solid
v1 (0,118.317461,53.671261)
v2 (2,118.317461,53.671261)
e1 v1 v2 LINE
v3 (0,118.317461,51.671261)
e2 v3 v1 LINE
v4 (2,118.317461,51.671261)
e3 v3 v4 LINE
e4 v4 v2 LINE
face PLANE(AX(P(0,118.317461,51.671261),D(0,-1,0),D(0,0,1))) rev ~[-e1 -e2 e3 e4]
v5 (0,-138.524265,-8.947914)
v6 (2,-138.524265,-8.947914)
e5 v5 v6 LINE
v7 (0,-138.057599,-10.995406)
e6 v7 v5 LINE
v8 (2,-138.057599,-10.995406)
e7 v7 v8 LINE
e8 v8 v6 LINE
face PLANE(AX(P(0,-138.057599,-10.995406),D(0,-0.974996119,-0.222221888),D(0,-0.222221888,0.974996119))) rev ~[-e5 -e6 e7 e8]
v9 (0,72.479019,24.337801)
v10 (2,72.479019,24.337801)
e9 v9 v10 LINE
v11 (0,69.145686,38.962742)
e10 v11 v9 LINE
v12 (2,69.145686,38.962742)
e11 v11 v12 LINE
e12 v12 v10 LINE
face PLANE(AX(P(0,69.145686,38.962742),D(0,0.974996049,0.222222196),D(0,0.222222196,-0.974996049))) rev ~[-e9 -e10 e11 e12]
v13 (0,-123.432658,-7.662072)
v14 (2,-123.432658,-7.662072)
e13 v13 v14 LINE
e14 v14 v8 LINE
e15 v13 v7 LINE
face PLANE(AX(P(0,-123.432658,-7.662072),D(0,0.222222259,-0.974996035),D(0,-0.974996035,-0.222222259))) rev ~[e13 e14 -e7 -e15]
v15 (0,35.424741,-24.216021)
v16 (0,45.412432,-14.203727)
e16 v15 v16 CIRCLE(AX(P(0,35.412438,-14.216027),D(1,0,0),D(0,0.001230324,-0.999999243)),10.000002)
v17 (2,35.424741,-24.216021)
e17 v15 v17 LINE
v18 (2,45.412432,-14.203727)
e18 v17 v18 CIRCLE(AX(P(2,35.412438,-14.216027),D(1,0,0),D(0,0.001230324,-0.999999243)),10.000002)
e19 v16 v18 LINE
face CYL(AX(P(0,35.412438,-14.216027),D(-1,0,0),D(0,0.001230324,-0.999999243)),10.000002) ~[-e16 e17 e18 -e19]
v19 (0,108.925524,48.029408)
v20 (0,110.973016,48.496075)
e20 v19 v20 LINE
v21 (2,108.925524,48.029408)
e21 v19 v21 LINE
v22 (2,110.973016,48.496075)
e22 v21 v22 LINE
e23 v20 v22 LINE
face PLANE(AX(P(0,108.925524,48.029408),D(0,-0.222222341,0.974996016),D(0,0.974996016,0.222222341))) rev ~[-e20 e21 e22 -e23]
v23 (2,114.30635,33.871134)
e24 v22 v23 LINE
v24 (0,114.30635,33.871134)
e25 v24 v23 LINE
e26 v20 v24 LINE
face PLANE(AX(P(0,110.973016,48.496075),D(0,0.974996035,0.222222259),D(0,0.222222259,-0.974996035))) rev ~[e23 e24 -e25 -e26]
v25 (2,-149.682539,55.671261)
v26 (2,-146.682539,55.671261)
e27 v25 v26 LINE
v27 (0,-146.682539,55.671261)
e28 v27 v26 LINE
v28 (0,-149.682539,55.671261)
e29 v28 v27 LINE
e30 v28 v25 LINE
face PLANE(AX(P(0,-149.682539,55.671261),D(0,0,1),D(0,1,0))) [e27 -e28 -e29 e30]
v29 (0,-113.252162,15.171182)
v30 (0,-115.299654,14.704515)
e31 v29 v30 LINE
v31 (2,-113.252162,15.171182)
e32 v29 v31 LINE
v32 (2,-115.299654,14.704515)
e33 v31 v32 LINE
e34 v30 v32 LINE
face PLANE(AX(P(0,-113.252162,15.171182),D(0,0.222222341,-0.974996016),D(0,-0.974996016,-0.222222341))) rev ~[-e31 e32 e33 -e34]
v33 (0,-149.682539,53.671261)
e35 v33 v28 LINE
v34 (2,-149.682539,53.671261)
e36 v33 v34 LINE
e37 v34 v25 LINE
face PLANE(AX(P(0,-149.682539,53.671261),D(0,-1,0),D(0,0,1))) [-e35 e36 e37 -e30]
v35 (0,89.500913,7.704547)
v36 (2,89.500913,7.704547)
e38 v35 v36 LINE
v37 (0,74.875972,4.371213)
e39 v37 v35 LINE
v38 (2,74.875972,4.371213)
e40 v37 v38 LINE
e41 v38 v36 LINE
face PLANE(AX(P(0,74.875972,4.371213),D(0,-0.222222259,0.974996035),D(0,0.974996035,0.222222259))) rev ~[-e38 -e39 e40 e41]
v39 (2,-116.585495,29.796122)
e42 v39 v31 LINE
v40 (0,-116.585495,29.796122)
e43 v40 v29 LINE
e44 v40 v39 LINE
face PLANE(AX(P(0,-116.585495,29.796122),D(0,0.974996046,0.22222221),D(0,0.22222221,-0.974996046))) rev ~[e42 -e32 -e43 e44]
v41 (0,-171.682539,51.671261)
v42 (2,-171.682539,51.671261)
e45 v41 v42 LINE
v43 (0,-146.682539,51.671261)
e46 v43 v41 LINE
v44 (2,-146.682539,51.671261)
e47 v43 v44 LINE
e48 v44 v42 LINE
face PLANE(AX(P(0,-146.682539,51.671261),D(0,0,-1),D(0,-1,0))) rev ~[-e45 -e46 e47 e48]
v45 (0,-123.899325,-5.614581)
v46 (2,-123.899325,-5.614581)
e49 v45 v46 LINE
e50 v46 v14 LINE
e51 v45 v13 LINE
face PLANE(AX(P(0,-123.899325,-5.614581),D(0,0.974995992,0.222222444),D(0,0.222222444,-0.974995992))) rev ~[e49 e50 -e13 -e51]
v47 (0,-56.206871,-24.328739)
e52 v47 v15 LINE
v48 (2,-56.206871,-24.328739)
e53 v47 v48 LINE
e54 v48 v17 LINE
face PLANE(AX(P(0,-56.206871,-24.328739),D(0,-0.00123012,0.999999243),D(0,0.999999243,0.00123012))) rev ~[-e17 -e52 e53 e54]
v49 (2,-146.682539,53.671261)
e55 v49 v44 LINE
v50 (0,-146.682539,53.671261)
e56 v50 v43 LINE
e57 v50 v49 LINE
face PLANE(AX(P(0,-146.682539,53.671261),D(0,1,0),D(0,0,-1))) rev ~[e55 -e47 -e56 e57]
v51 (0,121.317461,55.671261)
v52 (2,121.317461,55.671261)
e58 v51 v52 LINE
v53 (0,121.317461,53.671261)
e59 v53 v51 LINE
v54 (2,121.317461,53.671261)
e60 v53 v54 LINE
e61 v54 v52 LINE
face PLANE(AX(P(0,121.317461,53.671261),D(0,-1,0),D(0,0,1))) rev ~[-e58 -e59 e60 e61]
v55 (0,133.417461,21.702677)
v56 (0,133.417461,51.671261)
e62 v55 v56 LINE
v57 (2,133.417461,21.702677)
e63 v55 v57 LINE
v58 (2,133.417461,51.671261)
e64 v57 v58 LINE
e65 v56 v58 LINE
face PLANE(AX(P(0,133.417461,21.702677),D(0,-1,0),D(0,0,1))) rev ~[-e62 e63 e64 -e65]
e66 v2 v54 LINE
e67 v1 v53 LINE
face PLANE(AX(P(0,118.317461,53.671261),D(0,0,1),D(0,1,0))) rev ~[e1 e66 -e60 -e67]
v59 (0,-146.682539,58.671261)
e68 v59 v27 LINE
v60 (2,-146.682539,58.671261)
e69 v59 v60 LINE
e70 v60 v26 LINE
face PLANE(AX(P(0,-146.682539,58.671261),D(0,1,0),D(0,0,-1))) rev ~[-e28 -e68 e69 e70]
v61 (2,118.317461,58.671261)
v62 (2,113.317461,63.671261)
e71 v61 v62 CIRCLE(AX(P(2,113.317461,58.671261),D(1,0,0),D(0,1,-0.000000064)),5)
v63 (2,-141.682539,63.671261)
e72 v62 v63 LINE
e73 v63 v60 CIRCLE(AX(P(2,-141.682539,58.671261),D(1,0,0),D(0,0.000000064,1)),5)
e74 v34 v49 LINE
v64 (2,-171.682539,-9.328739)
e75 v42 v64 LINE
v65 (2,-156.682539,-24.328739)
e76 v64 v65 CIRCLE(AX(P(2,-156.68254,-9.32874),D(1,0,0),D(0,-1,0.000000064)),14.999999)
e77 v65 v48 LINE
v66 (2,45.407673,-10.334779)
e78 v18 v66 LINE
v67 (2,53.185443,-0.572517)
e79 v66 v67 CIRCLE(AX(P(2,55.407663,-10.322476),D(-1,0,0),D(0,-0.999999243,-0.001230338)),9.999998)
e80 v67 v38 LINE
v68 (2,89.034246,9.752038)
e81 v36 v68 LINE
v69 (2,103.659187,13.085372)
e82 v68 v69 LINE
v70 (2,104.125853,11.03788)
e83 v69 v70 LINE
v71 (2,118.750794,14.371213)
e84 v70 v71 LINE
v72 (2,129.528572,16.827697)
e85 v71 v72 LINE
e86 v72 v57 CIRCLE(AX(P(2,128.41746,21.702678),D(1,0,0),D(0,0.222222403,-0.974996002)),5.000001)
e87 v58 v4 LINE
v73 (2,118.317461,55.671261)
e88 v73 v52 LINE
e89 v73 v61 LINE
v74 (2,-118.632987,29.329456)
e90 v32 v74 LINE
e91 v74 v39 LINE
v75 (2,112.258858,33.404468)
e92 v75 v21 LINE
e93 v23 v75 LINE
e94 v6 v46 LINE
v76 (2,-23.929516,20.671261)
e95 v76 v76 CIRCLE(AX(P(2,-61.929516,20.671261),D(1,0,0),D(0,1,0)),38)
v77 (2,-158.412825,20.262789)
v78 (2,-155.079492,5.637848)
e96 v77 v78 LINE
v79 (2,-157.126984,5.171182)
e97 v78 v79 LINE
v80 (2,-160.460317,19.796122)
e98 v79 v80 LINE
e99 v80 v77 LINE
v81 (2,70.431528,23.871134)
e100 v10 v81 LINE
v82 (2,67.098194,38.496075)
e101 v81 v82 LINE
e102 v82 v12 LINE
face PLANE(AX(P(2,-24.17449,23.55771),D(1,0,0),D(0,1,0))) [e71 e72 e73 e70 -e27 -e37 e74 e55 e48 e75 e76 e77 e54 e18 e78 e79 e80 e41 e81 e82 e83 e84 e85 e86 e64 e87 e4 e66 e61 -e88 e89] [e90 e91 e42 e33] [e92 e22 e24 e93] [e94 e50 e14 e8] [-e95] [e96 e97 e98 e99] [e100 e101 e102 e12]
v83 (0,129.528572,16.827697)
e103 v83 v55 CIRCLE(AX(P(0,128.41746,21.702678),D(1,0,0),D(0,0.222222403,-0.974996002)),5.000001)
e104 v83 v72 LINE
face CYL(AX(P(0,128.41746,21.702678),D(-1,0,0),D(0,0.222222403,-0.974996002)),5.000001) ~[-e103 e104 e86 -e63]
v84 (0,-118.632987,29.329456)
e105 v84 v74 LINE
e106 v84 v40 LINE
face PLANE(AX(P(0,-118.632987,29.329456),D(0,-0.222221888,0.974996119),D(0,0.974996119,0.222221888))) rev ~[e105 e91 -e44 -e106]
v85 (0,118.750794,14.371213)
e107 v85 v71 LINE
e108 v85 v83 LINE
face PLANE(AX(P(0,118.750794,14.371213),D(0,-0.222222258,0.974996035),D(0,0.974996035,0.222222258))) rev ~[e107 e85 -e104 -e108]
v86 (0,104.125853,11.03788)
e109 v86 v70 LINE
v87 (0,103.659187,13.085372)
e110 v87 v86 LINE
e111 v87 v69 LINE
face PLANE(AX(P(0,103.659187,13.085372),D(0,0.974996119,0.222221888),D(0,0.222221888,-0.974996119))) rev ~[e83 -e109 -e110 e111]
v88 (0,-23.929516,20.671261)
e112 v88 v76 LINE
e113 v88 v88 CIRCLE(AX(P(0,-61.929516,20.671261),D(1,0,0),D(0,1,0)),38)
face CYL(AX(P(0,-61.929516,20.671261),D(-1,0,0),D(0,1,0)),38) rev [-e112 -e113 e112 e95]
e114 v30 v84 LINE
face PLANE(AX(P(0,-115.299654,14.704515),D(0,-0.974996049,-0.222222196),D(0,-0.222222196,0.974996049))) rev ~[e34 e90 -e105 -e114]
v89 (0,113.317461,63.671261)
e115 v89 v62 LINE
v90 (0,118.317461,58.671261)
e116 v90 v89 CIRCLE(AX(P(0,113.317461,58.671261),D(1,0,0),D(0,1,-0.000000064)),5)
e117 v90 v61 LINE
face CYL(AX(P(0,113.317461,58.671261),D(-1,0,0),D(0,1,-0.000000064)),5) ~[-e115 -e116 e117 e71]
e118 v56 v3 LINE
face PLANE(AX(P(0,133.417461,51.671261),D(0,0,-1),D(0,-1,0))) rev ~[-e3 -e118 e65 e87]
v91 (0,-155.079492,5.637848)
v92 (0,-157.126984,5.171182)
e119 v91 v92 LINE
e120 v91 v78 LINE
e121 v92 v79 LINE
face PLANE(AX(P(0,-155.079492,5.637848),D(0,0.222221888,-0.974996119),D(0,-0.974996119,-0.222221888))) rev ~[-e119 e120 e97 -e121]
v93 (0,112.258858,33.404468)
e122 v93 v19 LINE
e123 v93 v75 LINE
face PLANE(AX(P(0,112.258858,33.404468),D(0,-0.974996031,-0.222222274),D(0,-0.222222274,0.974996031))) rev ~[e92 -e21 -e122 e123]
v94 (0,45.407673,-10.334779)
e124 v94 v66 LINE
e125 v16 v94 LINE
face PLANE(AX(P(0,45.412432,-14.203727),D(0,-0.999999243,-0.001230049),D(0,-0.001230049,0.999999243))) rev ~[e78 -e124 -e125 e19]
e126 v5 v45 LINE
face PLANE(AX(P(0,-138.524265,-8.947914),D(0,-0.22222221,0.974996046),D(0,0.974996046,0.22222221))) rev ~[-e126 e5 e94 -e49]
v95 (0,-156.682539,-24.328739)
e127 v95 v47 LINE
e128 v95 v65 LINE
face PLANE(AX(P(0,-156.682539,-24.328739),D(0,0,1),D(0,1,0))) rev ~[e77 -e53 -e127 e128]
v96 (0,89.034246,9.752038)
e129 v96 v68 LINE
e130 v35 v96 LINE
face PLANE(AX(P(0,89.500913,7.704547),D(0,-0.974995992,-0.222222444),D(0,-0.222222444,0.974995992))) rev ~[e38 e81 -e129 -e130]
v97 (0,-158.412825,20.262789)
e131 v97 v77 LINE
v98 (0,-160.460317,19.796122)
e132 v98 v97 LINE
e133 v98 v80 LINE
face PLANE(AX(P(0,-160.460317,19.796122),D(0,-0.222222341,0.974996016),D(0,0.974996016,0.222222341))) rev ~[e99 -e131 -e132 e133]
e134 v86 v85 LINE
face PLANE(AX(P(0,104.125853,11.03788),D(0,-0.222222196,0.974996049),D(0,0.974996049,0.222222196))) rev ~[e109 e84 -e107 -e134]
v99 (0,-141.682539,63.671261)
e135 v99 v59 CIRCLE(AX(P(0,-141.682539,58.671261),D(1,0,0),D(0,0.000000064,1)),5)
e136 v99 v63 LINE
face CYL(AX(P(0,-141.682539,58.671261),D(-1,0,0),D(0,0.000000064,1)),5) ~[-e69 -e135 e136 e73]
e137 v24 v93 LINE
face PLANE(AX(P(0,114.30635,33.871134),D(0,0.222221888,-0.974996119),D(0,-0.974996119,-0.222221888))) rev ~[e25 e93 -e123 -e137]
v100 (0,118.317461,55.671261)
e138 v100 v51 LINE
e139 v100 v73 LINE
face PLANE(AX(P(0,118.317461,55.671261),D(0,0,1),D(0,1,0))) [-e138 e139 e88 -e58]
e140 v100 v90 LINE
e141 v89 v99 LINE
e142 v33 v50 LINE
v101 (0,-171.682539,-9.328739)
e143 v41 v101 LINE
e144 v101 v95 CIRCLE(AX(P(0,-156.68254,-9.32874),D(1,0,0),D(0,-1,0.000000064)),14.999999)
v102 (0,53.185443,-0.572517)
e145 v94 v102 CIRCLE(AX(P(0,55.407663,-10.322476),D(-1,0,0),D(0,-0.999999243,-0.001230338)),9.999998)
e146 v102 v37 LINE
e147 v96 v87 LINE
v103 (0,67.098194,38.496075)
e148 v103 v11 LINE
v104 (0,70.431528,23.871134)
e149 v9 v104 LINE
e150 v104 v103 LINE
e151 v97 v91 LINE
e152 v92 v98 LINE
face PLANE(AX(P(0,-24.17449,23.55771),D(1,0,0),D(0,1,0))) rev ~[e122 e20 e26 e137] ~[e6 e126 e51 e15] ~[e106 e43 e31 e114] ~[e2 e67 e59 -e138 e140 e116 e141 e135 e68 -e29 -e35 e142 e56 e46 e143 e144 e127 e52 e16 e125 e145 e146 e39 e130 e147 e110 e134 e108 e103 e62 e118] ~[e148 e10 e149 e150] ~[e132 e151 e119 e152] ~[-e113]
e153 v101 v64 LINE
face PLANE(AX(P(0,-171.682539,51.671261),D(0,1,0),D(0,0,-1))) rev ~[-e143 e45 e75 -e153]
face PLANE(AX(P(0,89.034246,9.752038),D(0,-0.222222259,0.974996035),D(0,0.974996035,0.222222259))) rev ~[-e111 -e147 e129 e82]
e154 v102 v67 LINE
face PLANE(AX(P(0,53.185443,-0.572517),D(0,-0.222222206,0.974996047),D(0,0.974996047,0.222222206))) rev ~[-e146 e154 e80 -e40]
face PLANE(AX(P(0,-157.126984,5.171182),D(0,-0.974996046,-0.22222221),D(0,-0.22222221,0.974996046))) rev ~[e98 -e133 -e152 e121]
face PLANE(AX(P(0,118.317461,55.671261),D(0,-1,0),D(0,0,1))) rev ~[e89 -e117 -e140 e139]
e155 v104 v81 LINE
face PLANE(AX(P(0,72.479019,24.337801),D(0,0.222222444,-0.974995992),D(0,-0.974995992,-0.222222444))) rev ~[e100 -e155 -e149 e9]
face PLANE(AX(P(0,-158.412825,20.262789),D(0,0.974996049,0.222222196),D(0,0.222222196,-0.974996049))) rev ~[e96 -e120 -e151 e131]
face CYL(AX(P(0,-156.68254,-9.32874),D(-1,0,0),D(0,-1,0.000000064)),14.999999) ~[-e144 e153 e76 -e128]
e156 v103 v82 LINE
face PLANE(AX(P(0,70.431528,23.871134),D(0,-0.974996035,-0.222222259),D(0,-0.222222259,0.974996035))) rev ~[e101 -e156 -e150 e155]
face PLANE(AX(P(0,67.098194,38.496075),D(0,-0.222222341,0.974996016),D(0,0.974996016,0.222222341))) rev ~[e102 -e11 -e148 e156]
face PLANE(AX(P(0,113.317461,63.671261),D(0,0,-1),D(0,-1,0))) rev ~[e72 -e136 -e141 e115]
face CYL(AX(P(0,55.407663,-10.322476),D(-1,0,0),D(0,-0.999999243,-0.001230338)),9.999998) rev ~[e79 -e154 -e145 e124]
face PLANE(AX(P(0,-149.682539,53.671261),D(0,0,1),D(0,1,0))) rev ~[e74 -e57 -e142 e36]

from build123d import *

# Parameters (mm, degrees)
F0_R     = 38
F0_W     = 3
F0_H     = 2
F1_DEPTH = 2


with BuildPart() as f1:
    # F0 (on Right) → F1 (new body)
    with BuildSketch(Plane.YZ):
        with BuildLine():
            Line((-146.682539, 58.671261), (-146.682539, 55.671261))
            Line((-146.682539, 55.671261), (-146.682539, 53.671261))
            Line((-146.682539, 53.671261), (-146.682539, 51.671261))
            Line((-146.682539, 51.671261), (-171.682539, 51.671261))
            Line((-171.682539, 51.671261), (-171.682539, -9.328739))
            ThreePointArc((-171.682539, -9.328739), (-167.289141, -19.935341), (-156.682539, -24.328739))
            Line((-156.682539, -24.328739), (-56.206871, -24.328739))
            Line((-56.206871, -24.328739), (35.424741, -24.216021))
            ThreePointArc((35.424741, -24.216021), (42.4922, -21.278392), (45.412432, -14.203727))
            Line((45.412432, -14.203727), (45.407673, -10.334779))
            ThreePointArc((45.407673, -10.334779), (47.586471, -4.091191), (53.185443, -0.572517))
            Line((53.185443, -0.572517), (74.875972, 4.371213))
            Line((74.875972, 4.371213), (89.500913, 7.704547))
            Line((89.500913, 7.704547), (89.034246, 9.752038))
            Line((89.034246, 9.752038), (103.659187, 13.085372))
            Line((103.659187, 13.085372), (104.125853, 11.03788))
            Line((104.125853, 11.03788), (118.750794, 14.371213))
            Line((118.750794, 14.371213), (129.528572, 16.827697))
            ThreePointArc((129.528572, 16.827697), (132.32614, 18.584629), (133.417461, 21.702677))
            Line((133.417461, 21.702677), (133.417461, 51.671261))
            Line((133.417461, 51.671261), (118.317461, 51.671261))
            Line((118.317461, 51.671261), (118.317461, 53.671261))
            Line((118.317461, 53.671261), (118.317461, 55.671261))
            Line((118.317461, 55.671261), (118.317461, 58.671261))
            ThreePointArc((118.317461, 58.671261), (116.852995, 62.206795), (113.317461, 63.671261))
            Line((113.317461, 63.671261), (-141.682539, 63.671261))
            ThreePointArc((-141.682539, 63.671261), (-145.218073, 62.206795), (-146.682539, 58.671261))
        make_face()
        Polygon((-123.432658, -7.662072), (-138.057599, -10.995406), (-138.524265, -8.947914), (-123.899325, -5.614581), align=None, mode=Mode.SUBTRACT)
        Polygon((-155.079492, 5.637848), (-157.126984, 5.171182), (-160.460317, 19.796122), (-158.412825, 20.262789), align=None, mode=Mode.SUBTRACT)
        Polygon((-116.585495, 29.796122), (-113.252162, 15.171182), (-115.299654, 14.704515), (-118.632987, 29.329456), align=None, mode=Mode.SUBTRACT)
        with Locations((-61.929516, 20.671261)):
            Circle(F0_R, mode=Mode.SUBTRACT)
        Polygon((72.479019, 24.337801), (70.431528, 23.871134), (67.098194, 38.496075), (69.145686, 38.962742), align=None, mode=Mode.SUBTRACT)
        Polygon((110.973016, 48.496075), (114.30635, 33.871134), (112.258858, 33.404468), (108.925524, 48.029408), align=None, mode=Mode.SUBTRACT)
        with Locations((119.817461, 54.671261)):
            Rectangle(F0_W, F0_H)
        with Locations((-148.182539, 54.671261)):
            Rectangle(F0_W, F0_H)
    extrude(amount=F1_DEPTH)


solid = f1.part
